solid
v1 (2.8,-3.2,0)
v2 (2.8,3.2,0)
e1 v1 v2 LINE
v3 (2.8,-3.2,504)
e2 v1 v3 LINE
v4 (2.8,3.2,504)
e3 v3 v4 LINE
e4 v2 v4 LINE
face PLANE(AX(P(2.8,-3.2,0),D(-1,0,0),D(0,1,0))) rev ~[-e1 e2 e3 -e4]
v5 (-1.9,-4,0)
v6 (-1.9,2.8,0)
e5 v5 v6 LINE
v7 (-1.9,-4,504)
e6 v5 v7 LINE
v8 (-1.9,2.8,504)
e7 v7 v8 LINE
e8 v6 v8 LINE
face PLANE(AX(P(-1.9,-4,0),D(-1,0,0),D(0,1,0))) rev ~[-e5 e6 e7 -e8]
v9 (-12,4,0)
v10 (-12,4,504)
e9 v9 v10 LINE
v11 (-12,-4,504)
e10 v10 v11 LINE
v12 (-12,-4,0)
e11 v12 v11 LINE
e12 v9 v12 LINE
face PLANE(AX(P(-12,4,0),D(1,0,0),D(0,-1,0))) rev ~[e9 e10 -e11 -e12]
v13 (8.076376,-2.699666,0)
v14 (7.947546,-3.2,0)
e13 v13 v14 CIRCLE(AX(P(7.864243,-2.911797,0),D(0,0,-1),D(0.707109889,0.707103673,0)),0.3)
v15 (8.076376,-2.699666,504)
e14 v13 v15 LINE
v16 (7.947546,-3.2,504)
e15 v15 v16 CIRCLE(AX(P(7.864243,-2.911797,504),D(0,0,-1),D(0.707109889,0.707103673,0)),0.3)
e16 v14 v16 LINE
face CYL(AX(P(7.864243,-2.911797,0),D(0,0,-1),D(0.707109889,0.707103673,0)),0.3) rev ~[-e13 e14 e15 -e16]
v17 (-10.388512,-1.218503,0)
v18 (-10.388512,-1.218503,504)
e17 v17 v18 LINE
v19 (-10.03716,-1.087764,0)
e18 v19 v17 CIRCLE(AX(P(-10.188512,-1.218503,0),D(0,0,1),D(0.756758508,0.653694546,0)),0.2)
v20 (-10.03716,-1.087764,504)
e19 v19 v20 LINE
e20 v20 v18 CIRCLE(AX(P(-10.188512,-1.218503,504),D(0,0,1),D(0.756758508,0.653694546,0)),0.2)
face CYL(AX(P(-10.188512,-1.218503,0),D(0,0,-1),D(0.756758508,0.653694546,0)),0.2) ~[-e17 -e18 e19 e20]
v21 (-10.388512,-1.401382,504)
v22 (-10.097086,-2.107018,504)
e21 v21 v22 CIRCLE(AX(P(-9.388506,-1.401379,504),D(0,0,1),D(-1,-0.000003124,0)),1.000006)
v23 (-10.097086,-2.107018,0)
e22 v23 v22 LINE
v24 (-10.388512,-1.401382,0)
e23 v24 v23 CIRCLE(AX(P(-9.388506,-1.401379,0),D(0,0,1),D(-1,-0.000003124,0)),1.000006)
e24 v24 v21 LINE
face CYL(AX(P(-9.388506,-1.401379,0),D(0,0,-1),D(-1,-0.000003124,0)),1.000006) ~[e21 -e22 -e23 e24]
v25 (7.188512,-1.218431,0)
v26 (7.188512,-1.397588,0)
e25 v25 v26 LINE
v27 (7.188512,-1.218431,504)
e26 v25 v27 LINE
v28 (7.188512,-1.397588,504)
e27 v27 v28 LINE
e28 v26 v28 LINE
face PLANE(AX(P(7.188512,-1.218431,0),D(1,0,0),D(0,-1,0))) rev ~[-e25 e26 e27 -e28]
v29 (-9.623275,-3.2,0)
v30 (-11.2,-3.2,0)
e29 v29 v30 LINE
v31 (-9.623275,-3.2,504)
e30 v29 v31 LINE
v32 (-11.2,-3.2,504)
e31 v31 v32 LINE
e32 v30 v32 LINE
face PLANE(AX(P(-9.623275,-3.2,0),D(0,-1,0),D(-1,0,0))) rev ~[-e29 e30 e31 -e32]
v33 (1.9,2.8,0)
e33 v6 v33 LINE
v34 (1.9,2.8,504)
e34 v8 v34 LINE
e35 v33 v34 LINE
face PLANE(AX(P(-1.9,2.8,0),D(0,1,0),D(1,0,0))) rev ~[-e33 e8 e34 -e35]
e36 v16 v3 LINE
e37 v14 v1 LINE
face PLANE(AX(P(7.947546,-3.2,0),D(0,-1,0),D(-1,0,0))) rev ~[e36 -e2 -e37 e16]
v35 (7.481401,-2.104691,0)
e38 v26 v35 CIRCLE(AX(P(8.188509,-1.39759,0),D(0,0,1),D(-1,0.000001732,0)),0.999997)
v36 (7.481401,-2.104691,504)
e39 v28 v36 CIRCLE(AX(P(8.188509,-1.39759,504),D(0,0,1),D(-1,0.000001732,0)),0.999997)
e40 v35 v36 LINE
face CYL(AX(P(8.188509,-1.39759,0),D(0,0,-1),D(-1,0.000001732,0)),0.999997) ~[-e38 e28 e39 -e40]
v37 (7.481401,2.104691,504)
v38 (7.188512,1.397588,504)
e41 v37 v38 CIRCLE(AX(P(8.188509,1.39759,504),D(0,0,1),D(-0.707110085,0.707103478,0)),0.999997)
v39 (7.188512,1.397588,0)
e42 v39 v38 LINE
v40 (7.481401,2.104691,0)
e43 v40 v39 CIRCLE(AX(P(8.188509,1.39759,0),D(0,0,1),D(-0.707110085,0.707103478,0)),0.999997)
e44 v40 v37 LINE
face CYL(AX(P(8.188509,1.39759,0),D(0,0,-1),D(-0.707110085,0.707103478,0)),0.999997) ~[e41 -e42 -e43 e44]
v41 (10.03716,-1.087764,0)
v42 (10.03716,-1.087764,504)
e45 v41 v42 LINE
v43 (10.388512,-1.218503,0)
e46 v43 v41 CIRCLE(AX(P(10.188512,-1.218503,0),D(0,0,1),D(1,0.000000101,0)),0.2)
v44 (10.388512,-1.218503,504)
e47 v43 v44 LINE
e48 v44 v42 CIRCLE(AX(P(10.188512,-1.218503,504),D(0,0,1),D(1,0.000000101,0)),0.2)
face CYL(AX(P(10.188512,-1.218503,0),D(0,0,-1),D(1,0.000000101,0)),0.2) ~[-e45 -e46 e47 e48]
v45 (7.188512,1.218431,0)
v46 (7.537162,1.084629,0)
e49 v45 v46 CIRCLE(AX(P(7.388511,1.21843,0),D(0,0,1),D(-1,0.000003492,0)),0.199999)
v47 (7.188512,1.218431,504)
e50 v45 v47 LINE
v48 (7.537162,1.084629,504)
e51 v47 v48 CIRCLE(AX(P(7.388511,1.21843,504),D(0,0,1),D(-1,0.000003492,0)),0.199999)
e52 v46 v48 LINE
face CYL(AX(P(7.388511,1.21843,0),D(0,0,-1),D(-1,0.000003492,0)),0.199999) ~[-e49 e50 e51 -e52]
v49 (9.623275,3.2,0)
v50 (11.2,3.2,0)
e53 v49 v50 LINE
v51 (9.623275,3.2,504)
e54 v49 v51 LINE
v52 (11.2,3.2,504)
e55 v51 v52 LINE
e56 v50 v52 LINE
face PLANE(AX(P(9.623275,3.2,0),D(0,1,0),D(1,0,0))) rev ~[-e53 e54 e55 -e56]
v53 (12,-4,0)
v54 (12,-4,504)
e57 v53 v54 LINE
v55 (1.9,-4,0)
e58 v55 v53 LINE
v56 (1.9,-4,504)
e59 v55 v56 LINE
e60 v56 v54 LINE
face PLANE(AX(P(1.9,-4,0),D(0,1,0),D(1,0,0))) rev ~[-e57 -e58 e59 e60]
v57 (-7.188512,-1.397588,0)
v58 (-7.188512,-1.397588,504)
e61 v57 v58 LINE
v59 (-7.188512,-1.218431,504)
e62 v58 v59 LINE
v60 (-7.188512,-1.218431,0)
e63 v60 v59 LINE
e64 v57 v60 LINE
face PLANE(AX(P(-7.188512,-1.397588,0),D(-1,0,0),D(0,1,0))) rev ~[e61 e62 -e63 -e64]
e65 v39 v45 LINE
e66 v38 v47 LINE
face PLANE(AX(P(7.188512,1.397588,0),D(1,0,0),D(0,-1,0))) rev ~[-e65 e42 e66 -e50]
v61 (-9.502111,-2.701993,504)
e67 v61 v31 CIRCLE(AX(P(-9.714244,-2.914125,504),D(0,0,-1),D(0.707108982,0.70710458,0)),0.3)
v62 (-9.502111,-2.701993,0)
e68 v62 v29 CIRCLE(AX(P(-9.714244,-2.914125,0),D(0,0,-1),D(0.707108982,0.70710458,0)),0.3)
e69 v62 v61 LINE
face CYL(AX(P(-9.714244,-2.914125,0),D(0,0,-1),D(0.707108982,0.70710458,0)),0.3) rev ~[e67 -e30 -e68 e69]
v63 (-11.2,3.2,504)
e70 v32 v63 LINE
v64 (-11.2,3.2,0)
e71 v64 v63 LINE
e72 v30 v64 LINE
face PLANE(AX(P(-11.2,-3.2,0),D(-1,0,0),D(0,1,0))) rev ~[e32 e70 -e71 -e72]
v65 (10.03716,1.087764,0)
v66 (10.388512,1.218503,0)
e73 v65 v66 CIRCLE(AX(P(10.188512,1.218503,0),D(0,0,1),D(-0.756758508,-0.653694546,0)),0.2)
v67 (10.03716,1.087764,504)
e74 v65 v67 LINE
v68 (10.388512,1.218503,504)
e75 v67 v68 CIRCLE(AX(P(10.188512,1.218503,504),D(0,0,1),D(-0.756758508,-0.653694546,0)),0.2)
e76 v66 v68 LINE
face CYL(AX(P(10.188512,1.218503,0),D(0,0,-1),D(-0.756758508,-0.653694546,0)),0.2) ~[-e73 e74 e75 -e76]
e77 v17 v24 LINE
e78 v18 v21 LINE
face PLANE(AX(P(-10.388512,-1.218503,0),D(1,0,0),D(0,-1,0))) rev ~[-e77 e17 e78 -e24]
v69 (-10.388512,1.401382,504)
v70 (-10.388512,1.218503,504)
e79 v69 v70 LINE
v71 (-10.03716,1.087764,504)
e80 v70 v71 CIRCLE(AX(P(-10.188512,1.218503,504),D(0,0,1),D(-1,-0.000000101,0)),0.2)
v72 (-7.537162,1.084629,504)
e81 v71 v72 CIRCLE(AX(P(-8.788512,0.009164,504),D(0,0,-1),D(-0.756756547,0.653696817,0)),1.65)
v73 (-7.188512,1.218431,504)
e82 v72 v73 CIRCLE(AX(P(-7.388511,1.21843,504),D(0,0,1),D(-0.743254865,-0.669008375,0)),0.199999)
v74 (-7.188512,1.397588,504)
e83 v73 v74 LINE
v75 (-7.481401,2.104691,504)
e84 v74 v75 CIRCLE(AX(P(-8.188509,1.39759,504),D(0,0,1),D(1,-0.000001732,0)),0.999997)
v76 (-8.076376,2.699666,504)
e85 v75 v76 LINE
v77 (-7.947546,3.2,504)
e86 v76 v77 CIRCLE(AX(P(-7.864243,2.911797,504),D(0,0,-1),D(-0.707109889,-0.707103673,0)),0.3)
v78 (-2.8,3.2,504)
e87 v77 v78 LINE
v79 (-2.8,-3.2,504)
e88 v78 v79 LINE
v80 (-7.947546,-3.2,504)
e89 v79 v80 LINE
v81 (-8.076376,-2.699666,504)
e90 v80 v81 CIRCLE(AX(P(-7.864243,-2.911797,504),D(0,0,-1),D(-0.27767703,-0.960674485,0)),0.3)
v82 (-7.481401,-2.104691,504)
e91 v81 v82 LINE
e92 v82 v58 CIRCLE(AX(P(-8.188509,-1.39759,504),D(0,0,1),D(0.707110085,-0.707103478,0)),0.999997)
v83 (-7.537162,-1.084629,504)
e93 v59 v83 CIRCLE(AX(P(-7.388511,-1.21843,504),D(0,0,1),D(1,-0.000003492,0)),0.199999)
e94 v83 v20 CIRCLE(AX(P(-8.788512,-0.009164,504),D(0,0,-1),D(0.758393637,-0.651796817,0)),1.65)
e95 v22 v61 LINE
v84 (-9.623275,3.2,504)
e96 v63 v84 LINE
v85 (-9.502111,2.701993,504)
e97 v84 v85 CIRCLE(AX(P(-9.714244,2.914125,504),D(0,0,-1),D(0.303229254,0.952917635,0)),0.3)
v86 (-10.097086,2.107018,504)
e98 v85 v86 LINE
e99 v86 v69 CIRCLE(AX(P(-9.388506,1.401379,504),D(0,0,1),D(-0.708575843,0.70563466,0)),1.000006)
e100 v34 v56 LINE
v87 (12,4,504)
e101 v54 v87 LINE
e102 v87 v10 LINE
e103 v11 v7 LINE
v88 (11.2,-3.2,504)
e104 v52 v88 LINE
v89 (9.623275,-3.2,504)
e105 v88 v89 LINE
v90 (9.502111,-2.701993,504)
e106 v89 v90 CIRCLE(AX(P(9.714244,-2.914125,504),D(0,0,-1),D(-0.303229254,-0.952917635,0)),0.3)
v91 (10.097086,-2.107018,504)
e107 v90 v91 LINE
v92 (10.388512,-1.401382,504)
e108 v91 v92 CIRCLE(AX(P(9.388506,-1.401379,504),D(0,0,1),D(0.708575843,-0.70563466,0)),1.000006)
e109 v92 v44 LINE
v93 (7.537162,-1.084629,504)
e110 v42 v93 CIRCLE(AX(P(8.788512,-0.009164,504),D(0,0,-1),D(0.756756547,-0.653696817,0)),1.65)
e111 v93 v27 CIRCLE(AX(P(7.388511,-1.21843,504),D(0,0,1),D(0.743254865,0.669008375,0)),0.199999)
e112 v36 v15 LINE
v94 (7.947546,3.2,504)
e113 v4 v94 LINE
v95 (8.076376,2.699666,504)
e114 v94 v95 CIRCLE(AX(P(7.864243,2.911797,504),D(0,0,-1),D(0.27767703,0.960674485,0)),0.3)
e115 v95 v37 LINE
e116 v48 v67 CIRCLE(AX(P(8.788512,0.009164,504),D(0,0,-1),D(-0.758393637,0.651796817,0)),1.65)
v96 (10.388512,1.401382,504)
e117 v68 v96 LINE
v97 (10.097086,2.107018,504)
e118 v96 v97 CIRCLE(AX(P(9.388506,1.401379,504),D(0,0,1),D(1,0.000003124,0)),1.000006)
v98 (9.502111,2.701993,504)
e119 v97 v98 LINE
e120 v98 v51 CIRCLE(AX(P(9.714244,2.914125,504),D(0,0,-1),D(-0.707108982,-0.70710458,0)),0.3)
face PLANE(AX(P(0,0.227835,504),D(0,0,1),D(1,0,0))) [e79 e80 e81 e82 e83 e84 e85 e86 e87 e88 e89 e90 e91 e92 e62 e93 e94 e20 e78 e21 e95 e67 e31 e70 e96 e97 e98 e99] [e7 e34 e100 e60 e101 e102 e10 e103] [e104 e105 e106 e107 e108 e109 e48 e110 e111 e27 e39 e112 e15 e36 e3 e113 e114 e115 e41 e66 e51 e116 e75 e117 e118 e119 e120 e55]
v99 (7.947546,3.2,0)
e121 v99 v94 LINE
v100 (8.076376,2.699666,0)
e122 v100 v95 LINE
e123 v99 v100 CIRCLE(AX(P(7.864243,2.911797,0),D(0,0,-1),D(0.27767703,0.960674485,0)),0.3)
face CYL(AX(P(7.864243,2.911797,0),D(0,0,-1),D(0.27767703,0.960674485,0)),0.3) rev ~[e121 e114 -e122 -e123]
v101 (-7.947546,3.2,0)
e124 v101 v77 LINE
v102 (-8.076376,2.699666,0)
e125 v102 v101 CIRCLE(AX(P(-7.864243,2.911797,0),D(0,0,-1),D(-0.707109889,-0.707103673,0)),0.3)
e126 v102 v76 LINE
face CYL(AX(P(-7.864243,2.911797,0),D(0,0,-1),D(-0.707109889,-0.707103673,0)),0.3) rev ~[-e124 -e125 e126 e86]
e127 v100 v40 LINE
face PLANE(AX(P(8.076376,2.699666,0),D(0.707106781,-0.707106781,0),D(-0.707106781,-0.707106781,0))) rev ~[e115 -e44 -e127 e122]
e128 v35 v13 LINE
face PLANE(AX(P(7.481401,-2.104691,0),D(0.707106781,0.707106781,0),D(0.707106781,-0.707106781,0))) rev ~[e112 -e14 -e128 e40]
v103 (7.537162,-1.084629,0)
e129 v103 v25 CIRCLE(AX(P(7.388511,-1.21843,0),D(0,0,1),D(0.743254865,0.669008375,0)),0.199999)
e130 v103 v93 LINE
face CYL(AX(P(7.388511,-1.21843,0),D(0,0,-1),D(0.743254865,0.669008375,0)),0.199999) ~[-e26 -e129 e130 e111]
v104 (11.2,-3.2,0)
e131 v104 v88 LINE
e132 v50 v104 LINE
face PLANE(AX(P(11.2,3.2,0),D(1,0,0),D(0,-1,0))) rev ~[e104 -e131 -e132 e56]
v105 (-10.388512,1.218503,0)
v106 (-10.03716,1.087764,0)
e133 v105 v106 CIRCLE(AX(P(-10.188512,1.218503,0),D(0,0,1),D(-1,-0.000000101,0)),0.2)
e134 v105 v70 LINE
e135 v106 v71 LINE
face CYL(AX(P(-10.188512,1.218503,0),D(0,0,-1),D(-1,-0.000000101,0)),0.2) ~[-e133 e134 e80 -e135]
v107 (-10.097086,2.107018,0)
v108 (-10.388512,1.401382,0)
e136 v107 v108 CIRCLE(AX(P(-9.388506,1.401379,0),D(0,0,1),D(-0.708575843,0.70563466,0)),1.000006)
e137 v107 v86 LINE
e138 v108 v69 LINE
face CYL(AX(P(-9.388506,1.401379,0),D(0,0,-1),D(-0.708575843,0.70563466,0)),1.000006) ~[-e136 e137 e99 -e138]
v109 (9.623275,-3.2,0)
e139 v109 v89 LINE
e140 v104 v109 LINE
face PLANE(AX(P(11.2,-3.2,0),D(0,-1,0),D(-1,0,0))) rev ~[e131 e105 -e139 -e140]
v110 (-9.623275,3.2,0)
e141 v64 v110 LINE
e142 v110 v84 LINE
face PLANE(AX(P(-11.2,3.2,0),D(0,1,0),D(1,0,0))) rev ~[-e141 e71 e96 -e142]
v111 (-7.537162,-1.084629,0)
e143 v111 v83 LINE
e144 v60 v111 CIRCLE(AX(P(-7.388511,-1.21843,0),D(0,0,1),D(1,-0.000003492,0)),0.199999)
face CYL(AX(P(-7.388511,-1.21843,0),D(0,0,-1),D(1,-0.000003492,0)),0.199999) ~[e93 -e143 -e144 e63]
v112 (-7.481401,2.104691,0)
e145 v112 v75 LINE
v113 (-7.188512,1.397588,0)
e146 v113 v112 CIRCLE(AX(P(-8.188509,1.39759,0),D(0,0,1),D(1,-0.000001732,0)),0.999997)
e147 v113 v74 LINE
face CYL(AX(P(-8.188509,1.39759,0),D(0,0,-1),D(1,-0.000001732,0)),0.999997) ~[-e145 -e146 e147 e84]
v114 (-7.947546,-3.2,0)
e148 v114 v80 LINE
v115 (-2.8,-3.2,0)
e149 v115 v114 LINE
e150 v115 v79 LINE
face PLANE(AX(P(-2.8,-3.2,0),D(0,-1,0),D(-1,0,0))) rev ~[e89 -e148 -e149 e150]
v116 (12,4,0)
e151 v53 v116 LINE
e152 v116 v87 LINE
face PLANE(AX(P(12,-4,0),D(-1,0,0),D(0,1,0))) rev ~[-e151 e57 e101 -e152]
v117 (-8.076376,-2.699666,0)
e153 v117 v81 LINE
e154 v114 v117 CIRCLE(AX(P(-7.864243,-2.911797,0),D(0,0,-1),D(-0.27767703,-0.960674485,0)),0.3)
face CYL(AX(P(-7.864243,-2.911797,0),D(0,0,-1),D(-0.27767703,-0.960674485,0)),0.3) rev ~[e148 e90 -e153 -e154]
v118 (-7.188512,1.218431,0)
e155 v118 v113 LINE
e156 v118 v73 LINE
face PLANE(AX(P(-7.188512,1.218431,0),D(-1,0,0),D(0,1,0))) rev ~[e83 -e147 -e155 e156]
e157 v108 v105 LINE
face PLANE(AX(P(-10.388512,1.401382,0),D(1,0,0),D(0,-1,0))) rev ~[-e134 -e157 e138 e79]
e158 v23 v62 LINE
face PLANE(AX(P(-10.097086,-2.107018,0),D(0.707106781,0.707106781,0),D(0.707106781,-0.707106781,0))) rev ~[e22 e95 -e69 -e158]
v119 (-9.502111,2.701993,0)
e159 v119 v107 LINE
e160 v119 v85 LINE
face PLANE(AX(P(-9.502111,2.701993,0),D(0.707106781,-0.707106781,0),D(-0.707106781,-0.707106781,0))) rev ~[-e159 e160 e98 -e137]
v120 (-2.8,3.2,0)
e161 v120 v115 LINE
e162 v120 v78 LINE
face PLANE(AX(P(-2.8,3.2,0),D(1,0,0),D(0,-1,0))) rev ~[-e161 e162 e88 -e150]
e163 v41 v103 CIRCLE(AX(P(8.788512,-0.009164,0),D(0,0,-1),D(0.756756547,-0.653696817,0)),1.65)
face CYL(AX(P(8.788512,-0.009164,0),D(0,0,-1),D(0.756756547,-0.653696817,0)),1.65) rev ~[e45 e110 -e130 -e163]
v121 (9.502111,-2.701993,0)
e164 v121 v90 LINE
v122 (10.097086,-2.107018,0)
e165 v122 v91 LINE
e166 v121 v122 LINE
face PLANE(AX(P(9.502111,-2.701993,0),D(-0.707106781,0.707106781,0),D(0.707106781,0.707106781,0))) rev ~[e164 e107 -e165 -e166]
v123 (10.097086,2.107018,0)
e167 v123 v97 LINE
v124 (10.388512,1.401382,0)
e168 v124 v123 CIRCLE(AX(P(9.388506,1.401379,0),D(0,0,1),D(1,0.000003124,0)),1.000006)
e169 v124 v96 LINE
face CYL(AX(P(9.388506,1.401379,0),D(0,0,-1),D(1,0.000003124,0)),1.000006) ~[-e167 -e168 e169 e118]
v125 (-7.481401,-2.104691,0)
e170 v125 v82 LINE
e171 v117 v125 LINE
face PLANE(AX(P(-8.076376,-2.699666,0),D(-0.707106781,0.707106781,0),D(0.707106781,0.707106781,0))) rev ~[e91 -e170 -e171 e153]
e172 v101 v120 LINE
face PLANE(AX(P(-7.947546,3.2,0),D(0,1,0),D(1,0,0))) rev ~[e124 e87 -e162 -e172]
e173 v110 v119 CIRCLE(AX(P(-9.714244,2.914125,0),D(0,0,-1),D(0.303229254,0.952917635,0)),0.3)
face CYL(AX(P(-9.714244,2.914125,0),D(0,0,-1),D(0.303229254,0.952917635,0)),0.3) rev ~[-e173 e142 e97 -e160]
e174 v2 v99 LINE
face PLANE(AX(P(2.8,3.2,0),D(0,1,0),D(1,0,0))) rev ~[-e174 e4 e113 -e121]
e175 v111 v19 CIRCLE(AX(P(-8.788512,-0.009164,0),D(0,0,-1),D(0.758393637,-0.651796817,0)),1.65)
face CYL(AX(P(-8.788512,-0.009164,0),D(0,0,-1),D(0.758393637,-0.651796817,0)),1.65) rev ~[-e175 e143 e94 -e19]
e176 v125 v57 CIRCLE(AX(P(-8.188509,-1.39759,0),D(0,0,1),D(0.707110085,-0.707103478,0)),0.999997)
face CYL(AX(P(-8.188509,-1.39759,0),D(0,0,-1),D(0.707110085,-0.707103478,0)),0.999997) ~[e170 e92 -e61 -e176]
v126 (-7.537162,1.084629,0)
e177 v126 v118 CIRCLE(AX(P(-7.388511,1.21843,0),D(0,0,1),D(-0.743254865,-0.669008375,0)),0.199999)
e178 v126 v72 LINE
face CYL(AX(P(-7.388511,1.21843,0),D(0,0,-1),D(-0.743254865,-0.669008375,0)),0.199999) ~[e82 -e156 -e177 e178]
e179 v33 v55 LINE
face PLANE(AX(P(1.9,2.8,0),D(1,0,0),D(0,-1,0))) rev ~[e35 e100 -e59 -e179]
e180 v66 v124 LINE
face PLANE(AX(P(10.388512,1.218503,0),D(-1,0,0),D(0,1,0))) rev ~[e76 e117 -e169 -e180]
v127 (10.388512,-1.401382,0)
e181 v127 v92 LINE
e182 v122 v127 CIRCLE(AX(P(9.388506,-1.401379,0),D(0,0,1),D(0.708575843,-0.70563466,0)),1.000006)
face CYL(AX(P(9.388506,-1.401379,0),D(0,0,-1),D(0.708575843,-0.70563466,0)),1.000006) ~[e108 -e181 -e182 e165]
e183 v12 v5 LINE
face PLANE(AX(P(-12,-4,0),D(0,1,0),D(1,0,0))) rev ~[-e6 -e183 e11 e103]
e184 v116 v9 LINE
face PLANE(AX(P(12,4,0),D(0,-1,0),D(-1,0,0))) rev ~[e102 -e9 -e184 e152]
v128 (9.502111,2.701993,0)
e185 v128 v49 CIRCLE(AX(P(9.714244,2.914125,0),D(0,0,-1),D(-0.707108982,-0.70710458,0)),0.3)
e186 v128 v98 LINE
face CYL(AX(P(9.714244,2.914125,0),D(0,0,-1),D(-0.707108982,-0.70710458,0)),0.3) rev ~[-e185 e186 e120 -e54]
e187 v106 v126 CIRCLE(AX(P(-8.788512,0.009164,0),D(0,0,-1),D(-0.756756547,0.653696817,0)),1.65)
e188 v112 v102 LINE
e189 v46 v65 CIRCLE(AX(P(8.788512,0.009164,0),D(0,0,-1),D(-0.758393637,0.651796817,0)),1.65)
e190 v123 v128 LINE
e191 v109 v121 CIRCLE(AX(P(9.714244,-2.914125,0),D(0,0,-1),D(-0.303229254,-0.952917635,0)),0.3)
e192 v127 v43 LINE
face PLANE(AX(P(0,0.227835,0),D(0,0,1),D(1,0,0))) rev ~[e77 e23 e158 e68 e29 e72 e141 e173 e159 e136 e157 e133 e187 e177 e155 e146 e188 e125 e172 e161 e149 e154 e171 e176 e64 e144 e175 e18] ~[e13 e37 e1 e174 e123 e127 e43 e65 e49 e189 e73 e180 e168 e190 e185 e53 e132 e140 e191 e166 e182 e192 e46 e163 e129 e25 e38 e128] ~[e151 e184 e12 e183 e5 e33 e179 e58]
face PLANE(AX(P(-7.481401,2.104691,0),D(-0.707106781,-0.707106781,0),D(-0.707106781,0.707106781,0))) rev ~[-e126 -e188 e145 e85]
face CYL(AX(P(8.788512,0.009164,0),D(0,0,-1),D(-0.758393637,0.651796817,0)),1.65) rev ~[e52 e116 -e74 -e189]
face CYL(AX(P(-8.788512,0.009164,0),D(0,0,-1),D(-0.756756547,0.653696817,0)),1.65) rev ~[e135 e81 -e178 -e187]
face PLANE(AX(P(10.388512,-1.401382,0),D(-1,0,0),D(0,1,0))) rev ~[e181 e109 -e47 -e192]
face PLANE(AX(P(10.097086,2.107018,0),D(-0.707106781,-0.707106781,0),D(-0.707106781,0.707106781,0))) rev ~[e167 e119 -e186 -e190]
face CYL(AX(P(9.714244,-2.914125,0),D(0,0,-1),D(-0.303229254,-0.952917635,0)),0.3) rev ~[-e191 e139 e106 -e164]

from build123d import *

# Parameters (mm, degrees)
F1_DEPTH = 504


with BuildPart() as f1:
    # F0 (on Top) → F1 (new body)
    with BuildSketch(Plane.XY):
        Polygon((12, 4), (-12, 4), (-12, -4), (-1.9, -4), (-1.9, 2.8), (1.9, 2.8), (1.9, -4), (12, -4), align=None)
        with BuildLine():
            Line((-9.623275, -3.2), (-11.2, -3.2))
            Line((-11.2, -3.2), (-11.2, 3.2))
            Line((-11.2, 3.2), (-9.623275, 3.2))
            ThreePointArc((-9.623275, 3.2), (-9.422747, 2.985045), (-9.502111, 2.701993))
            Line((-9.502111, 2.701993), (-10.097086, 2.107018))
            ThreePointArc((-10.097086, 2.107018), (-10.312788, 1.783105), (-10.388512, 1.401382))
            Line((-10.388512, 1.401382), (-10.388512, 1.218503))
            ThreePointArc((-10.388512, 1.218503), (-10.25826, 1.031059), (-10.03716, 1.087764))
            ThreePointArc((-10.03716, 1.087764), (-8.786443, 1.659163), (-7.537162, 1.084629))
            ThreePointArc((-7.537162, 1.084629), (-7.316853, 1.031709), (-7.188512, 1.218431))
            Line((-7.188512, 1.218431), (-7.188512, 1.397588))
            ThreePointArc((-7.188512, 1.397588), (-7.264631, 1.780269), (-7.481401, 2.104691))
            Line((-7.481401, 2.104691), (-8.076376, 2.699666))
            ThreePointArc((-8.076376, 2.699666), (-8.154767, 2.986603), (-7.947546, 3.2))
            Line((-7.947546, 3.2), (-2.8, 3.2))
            Line((-2.8, 3.2), (-2.8, -3.2))
            Line((-2.8, -3.2), (-7.947546, -3.2))
            ThreePointArc((-7.947546, -3.2), (-8.154767, -2.986603), (-8.076376, -2.699666))
            Line((-8.076376, -2.699666), (-7.481401, -2.104691))
            ThreePointArc((-7.481401, -2.104691), (-7.264631, -1.780269), (-7.188512, -1.397588))
            Line((-7.188512, -1.397588), (-7.188512, -1.218431))
            ThreePointArc((-7.188512, -1.218431), (-7.316853, -1.031709), (-7.537162, -1.084629))
            ThreePointArc((-7.537162, -1.084629), (-8.786443, -1.659163), (-10.03716, -1.087764))
            ThreePointArc((-10.03716, -1.087764), (-10.25826, -1.031059), (-10.388512, -1.218503))
            Line((-10.388512, -1.218503), (-10.388512, -1.401382))
            ThreePointArc((-10.388512, -1.401382), (-10.312788, -1.783105), (-10.097086, -2.107018))
            Line((-10.097086, -2.107018), (-9.502111, -2.701993))
            ThreePointArc((-9.502111, -2.701993), (-9.422747, -2.985045), (-9.623275, -3.2))
        make_face(mode=Mode.SUBTRACT)
        with BuildLine():
            Line((7.188512, 1.397588), (7.188512, 1.218431))
            ThreePointArc((7.188512, 1.218431), (7.316853, 1.031709), (7.537162, 1.084629))
            ThreePointArc((7.537162, 1.084629), (8.786443, 1.659163), (10.03716, 1.087764))
            ThreePointArc((10.03716, 1.087764), (10.25826, 1.031059), (10.388512, 1.218503))
            Line((10.388512, 1.218503), (10.388512, 1.401382))
            ThreePointArc((10.388512, 1.401382), (10.312788, 1.783105), (10.097086, 2.107018))
            Line((10.097086, 2.107018), (9.502111, 2.701993))
            ThreePointArc((9.502111, 2.701993), (9.422747, 2.985045), (9.623275, 3.2))
            Line((9.623275, 3.2), (11.2, 3.2))
            Line((11.2, 3.2), (11.2, -3.2))
            Line((11.2, -3.2), (9.623275, -3.2))
            ThreePointArc((9.623275, -3.2), (9.422747, -2.985045), (9.502111, -2.701993))
            Line((9.502111, -2.701993), (10.097086, -2.107018))
            ThreePointArc((10.097086, -2.107018), (10.312788, -1.783105), (10.388512, -1.401382))
            Line((10.388512, -1.401382), (10.388512, -1.218503))
            ThreePointArc((10.388512, -1.218503), (10.25826, -1.031059), (10.03716, -1.087764))
            ThreePointArc((10.03716, -1.087764), (8.786443, -1.659163), (7.537162, -1.084629))
            ThreePointArc((7.537162, -1.084629), (7.316853, -1.031709), (7.188512, -1.218431))
            Line((7.188512, -1.218431), (7.188512, -1.397588))
            ThreePointArc((7.188512, -1.397588), (7.264631, -1.780269), (7.481401, -2.104691))
            Line((7.481401, -2.104691), (8.076376, -2.699666))
            ThreePointArc((8.076376, -2.699666), (8.154767, -2.986603), (7.947546, -3.2))
            Line((7.947546, -3.2), (2.8, -3.2))
            Line((2.8, -3.2), (2.8, 3.2))
            Line((2.8, 3.2), (7.947546, 3.2))
            ThreePointArc((7.947546, 3.2), (8.154767, 2.986603), (8.076376, 2.699666))
            Line((8.076376, 2.699666), (7.481401, 2.104691))
            ThreePointArc((7.481401, 2.104691), (7.264631, 1.780269), (7.188512, 1.397588))
        make_face(mode=Mode.SUBTRACT)
    extrude(amount=F1_DEPTH)


solid = f1.part
